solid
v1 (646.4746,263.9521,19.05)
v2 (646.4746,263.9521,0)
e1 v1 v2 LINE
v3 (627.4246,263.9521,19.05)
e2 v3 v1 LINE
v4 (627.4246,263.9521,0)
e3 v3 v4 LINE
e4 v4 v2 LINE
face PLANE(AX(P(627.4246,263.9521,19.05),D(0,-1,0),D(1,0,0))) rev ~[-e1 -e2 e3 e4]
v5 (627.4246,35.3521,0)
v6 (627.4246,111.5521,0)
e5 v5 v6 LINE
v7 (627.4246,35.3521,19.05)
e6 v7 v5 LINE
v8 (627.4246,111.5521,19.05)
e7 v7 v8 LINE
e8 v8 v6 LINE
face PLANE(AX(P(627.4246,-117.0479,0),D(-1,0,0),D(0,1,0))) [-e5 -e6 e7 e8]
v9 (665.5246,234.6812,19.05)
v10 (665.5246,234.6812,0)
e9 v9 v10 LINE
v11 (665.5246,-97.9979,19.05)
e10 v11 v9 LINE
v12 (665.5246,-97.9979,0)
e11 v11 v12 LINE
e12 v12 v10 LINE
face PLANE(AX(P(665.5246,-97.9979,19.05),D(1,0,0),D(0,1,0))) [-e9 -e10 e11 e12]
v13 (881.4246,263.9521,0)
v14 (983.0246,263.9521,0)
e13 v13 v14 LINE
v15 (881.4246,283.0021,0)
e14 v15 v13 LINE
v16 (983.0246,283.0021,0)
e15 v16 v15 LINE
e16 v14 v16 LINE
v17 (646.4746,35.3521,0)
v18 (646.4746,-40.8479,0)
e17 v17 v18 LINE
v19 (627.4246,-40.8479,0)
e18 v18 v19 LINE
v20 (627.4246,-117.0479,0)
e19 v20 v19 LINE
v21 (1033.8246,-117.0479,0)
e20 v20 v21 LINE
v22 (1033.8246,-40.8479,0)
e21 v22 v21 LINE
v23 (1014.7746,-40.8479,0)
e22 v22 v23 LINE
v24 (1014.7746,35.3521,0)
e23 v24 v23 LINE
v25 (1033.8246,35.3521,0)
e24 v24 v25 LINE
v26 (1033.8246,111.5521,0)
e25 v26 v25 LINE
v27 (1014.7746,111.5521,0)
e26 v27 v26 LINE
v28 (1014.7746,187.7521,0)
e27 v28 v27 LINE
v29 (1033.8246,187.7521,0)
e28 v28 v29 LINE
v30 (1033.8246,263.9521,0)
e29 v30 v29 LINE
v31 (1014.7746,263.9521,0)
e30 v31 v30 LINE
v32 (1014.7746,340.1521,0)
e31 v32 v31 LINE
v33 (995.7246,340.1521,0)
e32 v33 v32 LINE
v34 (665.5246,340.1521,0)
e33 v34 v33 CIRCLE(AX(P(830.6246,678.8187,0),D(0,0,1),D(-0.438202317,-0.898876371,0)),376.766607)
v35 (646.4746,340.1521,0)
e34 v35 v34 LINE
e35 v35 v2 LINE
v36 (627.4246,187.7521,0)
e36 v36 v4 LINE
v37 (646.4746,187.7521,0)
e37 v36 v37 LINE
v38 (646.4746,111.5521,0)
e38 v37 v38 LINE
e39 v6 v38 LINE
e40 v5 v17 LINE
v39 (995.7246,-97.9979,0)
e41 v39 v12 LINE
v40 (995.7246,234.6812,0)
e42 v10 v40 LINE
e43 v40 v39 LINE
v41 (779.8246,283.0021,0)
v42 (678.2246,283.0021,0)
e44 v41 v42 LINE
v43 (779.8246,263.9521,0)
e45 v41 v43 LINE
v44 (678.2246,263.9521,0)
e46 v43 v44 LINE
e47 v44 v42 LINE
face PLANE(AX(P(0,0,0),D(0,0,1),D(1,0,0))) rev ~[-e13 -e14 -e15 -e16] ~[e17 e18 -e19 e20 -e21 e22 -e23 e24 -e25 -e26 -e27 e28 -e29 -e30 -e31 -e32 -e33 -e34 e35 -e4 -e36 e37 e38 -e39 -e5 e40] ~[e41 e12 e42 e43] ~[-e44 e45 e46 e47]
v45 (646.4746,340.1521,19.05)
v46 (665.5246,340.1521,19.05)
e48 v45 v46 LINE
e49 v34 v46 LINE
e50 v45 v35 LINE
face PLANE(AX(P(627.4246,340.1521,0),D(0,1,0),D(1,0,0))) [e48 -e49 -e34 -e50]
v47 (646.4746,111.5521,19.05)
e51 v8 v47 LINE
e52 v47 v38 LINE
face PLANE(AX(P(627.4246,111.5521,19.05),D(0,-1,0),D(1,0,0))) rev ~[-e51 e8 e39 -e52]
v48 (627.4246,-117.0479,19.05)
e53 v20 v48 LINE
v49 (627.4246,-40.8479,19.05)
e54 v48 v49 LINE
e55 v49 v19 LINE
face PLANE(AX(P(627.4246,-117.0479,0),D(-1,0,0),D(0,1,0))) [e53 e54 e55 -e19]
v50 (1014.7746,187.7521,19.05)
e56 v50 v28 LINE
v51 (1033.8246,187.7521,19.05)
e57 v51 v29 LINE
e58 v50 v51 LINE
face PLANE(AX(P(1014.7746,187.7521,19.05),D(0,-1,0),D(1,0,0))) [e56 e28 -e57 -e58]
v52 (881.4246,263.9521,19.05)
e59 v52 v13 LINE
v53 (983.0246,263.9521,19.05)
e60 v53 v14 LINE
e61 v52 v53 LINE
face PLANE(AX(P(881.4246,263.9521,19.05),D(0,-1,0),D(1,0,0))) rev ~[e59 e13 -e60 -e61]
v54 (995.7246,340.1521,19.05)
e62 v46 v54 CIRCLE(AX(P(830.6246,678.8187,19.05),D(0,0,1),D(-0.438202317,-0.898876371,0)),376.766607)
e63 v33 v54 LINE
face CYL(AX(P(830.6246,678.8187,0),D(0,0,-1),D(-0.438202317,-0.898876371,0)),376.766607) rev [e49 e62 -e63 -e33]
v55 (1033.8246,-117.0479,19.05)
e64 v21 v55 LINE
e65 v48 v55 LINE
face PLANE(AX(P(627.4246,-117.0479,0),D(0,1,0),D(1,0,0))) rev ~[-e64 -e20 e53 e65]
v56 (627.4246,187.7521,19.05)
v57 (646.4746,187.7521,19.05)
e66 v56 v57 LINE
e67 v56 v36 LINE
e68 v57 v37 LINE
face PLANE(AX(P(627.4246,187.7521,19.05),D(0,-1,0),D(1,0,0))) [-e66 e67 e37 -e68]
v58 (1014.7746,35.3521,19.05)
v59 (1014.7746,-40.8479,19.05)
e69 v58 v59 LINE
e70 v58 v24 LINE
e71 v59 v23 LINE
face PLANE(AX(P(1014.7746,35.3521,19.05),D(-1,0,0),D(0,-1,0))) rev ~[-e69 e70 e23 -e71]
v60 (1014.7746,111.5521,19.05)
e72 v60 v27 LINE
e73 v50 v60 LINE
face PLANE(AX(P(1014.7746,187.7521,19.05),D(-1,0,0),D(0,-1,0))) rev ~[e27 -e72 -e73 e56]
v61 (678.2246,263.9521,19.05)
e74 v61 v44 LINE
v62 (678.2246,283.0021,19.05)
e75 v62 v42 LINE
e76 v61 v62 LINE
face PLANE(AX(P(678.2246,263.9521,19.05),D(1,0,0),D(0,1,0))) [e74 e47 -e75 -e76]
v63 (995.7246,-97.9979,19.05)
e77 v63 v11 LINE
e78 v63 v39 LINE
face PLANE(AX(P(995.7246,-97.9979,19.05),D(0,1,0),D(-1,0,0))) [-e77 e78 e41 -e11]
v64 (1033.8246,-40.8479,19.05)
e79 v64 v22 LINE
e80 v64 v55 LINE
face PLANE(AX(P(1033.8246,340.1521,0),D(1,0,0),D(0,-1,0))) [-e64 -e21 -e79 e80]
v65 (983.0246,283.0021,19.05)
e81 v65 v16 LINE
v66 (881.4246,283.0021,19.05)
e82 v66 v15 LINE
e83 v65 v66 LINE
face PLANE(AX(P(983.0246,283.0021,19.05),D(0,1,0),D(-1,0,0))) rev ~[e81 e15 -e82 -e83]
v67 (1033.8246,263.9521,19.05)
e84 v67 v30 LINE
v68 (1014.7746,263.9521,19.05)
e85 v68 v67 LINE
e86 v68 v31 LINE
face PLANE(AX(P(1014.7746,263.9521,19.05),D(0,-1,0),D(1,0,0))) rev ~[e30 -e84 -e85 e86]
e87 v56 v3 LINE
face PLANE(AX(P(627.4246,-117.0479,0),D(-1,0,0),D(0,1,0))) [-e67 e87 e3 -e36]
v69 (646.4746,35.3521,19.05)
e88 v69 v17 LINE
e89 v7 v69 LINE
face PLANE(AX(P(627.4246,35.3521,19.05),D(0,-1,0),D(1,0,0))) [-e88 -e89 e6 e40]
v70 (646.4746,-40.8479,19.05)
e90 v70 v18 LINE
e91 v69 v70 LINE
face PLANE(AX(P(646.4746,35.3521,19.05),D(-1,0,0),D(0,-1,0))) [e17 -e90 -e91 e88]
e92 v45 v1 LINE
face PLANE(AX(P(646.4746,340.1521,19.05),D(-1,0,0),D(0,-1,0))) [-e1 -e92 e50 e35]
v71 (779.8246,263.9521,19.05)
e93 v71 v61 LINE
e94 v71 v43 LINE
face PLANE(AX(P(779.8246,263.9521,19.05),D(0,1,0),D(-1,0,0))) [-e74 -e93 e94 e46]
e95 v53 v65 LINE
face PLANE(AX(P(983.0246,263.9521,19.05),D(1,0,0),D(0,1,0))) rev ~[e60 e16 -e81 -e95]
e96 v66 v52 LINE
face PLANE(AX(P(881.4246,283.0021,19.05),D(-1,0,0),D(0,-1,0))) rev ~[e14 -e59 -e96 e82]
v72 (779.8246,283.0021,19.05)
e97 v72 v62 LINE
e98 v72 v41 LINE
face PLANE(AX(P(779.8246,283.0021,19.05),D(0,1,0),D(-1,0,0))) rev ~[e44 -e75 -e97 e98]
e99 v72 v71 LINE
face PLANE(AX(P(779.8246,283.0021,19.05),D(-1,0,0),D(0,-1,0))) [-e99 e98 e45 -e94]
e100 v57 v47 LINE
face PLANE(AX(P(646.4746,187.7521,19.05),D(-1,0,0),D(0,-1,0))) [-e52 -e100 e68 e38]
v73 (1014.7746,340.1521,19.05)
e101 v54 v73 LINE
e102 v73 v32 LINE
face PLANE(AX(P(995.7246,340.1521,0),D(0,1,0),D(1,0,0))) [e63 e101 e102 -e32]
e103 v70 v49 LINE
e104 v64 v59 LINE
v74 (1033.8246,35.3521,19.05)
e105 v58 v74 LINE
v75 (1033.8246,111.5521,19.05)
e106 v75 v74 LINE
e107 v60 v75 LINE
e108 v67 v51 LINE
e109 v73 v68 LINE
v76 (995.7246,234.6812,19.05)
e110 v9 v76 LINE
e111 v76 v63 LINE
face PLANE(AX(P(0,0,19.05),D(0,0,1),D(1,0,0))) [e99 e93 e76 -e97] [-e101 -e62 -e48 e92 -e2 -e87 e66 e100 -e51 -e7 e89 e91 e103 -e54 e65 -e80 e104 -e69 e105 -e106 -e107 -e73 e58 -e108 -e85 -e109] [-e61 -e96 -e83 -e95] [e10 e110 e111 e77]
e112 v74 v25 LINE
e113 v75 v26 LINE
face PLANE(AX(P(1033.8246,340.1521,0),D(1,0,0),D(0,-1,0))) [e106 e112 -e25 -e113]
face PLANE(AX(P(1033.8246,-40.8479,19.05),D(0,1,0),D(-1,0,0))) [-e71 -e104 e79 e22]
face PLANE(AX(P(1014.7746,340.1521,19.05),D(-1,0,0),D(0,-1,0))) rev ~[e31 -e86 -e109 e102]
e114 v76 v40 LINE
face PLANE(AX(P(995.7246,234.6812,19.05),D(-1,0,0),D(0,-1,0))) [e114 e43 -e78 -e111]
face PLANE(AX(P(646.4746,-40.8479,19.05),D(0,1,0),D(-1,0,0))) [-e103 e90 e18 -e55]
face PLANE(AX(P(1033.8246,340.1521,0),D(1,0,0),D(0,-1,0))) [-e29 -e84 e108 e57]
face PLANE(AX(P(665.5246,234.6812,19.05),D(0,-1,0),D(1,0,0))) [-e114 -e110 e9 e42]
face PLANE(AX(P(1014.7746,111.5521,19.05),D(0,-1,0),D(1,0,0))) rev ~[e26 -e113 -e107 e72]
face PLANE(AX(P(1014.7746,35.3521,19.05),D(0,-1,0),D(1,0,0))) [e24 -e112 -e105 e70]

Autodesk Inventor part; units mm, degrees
ref_plane "YZ Plane" through (0, 0, 0) normal (1, 0, 0) x (0, 1, 0)
ref_plane "XZ Plane" through (0, 0, 0) normal (0, 1, 0) x (-1, 0, 0)
ref_plane "XY Plane" through (0, 0, 0) normal (0, 0, 1) x (1, 0, 0)
sketch "Sketch1" plane through (0, 0, 0) normal (0, 0, 1) x (1, 0, 0)
  line L0 (1033.8246, 340.1521) -> (1033.8246, -117.0479)
  line L1 (627.4246, -117.0479) -> (627.4246, 340.1521)
  line L2 (627.4246, -117.0479) -> (1033.8246, -117.0479)
  arc A0 (665.5246, 340.1521) -> (995.7246, 340.1521) centre (830.6246, 678.8187) ccw
  line L3 (627.4246, 340.1521) -> (665.5246, 340.1521)
  line L4 (995.7246, 340.1521) -> (1033.8246, 340.1521)
  point P0 (0, 0)
  dimension "d0" = 406.4
  dimension "d1" = 457.2
extrude "Extrusion1" add sketch "Sketch1" along normal blind 19.05
sketch "Sketch2" plane through (0, 0, 19.05) normal (0, 0, 1) x (1, 0, 0)
  line L0 (1033.8246, 340.1521) -> (627.4246, 340.1521) projected
  line L1 (627.4246, -117.0479) -> (-960.0754, -117.0479) projected
  line L2 (627.4246, 340.1521) -> (646.4746, 340.1521)
  line L3 (646.4746, 340.1521) -> (646.4746, -117.0479)
  line L4 (646.4746, -117.0479) -> (627.4246, -117.0479)
  line L5 (627.4246, -117.0479) -> (627.4246, 340.1521)
  line L6 (1033.8246, -117.0479) -> (1033.8246, 340.1521) projected
  line L7 (1033.8246, 340.1521) -> (1014.7746, 340.1521)
  line L8 (1014.7746, 340.1521) -> (1014.7746, -117.0479)
  line L9 (1014.7746, -117.0479) -> (1033.8246, -117.0479)
  line L10 (1033.8246, -117.0479) -> (1033.8246, 340.1521)
  line L11 (627.4246, 340.1521) -> (627.4246, -117.0479) projected
  line L12 (627.4246, 263.9521) -> (646.4746, 263.9521)
  line L13 (1014.7746, 263.9521) -> (1033.8246, 263.9521)
  line L14 (627.4246, 187.7521) -> (646.4746, 187.7521)
  line L15 (1014.7746, 187.7521) -> (1033.8246, 187.7521)
  line L16 (627.4246, 111.5521) -> (646.4746, 111.5521)
  line L17 (1014.7746, 111.5521) -> (1033.8246, 111.5521)
  line L18 (627.4246, 35.3521) -> (646.4746, 35.3521)
  line L19 (1014.7746, 35.3521) -> (1033.8246, 35.3521)
  line L20 (1033.8246, -40.8479) -> (1014.7746, -40.8479)
  line L21 (646.4746, -40.8479) -> (627.4246, -40.8479)
  point P0 (0, 0)
  dimension "d7" = 19.05
  dimension "d8" = 19.05
extrude "Extrusion2" cut sketch "Sketch2" against normal blind 19.05 contours L6 L13 L8 L0 | L3 L12 L5 L0 | L6 L17 L8 L15 | L3 L16 L5 L14 | L6 L20 L8 L19 | L3 L21 L5 L18
sketch "Sketch3" plane through (0, 0, 19.05) normal (0, 0, 1) x (1, 0, 0)
  line L0 (1131.5205, 302.0521) -> (511.2286, 302.0521)
  line L1 (1014.7746, 340.1521) -> (995.7246, 340.1521) projected
  line L2 (1127.4261, 283.0021) -> (305.147, 283.0021)
  line L3 (830.6246, 74.0239) -> (830.6246, 388.6053)
  line L4 (1033.8246, 187.7521) -> (1033.8246, 263.9521) projected
  line L5 (983.0246, 283.0021) -> (881.4246, 283.0021)
  line L6 (881.4246, 283.0021) -> (881.4246, 263.9521)
  line L7 (881.4246, 263.9521) -> (983.0246, 263.9521)
  line L8 (983.0246, 263.9521) -> (983.0246, 283.0021)
  line L9 (1014.7746, 263.9521) -> (1014.7746, 340.1521) projected
  line L10 (678.2246, 283.0021) -> (779.8246, 283.0021)
  line L11 (779.8246, 283.0021) -> (779.8246, 263.9521)
  line L12 (779.8246, 263.9521) -> (678.2246, 263.9521)
  line L13 (678.2246, 263.9521) -> (678.2246, 283.0021)
  line L14 (646.4746, 340.1521) -> (646.4746, 263.9521) projected
  point P0 (0, 0)
  dimension "d24" = 38.1
  dimension "d25" = 19.05
  dimension "d26" = 203.2
  dimension "d27" = 31.75
  dimension "d28" = 101.6
  dimension "d29" = 19.05
  dimension "d30" = 31.75
  dimension "d31" = 101.6
  dimension "d32" = 19.05
extrude "Extrusion3" cut sketch "Sketch3" against normal blind 25.4 contours L8 L7 L6 L2 | L11 L12 L13 L2
sketch "Sketch5" plane through (0, 0, 19.05) normal (0, 0, 1) x (1, 0, 0)
  line L0 (665.5246, 234.6812) -> (995.7246, 234.6812)
  line L1 (995.7246, 234.6812) -> (995.7246, -97.9979)
  line L2 (995.7246, -97.9979) -> (665.5246, -97.9979)
  line L3 (665.5246, -97.9979) -> (665.5246, 234.6812)
  line L4 (1033.8246, 187.7521) -> (1033.8246, 263.9521) projected
  line L5 (627.4246, -117.0479) -> (1033.8246, -117.0479) projected
  line L6 (627.4246, 111.5521) -> (627.4246, 35.3521) projected
  point P0 (0, 0)
  dimension "d35" = 38.1
  dimension "d36" = 19.05
  dimension "d37" = 38.1
extrude "Extrusion4" cut sketch "Sketch5" against normal blind 25.4
properties part number "left side" material "Wood (Birch)"
